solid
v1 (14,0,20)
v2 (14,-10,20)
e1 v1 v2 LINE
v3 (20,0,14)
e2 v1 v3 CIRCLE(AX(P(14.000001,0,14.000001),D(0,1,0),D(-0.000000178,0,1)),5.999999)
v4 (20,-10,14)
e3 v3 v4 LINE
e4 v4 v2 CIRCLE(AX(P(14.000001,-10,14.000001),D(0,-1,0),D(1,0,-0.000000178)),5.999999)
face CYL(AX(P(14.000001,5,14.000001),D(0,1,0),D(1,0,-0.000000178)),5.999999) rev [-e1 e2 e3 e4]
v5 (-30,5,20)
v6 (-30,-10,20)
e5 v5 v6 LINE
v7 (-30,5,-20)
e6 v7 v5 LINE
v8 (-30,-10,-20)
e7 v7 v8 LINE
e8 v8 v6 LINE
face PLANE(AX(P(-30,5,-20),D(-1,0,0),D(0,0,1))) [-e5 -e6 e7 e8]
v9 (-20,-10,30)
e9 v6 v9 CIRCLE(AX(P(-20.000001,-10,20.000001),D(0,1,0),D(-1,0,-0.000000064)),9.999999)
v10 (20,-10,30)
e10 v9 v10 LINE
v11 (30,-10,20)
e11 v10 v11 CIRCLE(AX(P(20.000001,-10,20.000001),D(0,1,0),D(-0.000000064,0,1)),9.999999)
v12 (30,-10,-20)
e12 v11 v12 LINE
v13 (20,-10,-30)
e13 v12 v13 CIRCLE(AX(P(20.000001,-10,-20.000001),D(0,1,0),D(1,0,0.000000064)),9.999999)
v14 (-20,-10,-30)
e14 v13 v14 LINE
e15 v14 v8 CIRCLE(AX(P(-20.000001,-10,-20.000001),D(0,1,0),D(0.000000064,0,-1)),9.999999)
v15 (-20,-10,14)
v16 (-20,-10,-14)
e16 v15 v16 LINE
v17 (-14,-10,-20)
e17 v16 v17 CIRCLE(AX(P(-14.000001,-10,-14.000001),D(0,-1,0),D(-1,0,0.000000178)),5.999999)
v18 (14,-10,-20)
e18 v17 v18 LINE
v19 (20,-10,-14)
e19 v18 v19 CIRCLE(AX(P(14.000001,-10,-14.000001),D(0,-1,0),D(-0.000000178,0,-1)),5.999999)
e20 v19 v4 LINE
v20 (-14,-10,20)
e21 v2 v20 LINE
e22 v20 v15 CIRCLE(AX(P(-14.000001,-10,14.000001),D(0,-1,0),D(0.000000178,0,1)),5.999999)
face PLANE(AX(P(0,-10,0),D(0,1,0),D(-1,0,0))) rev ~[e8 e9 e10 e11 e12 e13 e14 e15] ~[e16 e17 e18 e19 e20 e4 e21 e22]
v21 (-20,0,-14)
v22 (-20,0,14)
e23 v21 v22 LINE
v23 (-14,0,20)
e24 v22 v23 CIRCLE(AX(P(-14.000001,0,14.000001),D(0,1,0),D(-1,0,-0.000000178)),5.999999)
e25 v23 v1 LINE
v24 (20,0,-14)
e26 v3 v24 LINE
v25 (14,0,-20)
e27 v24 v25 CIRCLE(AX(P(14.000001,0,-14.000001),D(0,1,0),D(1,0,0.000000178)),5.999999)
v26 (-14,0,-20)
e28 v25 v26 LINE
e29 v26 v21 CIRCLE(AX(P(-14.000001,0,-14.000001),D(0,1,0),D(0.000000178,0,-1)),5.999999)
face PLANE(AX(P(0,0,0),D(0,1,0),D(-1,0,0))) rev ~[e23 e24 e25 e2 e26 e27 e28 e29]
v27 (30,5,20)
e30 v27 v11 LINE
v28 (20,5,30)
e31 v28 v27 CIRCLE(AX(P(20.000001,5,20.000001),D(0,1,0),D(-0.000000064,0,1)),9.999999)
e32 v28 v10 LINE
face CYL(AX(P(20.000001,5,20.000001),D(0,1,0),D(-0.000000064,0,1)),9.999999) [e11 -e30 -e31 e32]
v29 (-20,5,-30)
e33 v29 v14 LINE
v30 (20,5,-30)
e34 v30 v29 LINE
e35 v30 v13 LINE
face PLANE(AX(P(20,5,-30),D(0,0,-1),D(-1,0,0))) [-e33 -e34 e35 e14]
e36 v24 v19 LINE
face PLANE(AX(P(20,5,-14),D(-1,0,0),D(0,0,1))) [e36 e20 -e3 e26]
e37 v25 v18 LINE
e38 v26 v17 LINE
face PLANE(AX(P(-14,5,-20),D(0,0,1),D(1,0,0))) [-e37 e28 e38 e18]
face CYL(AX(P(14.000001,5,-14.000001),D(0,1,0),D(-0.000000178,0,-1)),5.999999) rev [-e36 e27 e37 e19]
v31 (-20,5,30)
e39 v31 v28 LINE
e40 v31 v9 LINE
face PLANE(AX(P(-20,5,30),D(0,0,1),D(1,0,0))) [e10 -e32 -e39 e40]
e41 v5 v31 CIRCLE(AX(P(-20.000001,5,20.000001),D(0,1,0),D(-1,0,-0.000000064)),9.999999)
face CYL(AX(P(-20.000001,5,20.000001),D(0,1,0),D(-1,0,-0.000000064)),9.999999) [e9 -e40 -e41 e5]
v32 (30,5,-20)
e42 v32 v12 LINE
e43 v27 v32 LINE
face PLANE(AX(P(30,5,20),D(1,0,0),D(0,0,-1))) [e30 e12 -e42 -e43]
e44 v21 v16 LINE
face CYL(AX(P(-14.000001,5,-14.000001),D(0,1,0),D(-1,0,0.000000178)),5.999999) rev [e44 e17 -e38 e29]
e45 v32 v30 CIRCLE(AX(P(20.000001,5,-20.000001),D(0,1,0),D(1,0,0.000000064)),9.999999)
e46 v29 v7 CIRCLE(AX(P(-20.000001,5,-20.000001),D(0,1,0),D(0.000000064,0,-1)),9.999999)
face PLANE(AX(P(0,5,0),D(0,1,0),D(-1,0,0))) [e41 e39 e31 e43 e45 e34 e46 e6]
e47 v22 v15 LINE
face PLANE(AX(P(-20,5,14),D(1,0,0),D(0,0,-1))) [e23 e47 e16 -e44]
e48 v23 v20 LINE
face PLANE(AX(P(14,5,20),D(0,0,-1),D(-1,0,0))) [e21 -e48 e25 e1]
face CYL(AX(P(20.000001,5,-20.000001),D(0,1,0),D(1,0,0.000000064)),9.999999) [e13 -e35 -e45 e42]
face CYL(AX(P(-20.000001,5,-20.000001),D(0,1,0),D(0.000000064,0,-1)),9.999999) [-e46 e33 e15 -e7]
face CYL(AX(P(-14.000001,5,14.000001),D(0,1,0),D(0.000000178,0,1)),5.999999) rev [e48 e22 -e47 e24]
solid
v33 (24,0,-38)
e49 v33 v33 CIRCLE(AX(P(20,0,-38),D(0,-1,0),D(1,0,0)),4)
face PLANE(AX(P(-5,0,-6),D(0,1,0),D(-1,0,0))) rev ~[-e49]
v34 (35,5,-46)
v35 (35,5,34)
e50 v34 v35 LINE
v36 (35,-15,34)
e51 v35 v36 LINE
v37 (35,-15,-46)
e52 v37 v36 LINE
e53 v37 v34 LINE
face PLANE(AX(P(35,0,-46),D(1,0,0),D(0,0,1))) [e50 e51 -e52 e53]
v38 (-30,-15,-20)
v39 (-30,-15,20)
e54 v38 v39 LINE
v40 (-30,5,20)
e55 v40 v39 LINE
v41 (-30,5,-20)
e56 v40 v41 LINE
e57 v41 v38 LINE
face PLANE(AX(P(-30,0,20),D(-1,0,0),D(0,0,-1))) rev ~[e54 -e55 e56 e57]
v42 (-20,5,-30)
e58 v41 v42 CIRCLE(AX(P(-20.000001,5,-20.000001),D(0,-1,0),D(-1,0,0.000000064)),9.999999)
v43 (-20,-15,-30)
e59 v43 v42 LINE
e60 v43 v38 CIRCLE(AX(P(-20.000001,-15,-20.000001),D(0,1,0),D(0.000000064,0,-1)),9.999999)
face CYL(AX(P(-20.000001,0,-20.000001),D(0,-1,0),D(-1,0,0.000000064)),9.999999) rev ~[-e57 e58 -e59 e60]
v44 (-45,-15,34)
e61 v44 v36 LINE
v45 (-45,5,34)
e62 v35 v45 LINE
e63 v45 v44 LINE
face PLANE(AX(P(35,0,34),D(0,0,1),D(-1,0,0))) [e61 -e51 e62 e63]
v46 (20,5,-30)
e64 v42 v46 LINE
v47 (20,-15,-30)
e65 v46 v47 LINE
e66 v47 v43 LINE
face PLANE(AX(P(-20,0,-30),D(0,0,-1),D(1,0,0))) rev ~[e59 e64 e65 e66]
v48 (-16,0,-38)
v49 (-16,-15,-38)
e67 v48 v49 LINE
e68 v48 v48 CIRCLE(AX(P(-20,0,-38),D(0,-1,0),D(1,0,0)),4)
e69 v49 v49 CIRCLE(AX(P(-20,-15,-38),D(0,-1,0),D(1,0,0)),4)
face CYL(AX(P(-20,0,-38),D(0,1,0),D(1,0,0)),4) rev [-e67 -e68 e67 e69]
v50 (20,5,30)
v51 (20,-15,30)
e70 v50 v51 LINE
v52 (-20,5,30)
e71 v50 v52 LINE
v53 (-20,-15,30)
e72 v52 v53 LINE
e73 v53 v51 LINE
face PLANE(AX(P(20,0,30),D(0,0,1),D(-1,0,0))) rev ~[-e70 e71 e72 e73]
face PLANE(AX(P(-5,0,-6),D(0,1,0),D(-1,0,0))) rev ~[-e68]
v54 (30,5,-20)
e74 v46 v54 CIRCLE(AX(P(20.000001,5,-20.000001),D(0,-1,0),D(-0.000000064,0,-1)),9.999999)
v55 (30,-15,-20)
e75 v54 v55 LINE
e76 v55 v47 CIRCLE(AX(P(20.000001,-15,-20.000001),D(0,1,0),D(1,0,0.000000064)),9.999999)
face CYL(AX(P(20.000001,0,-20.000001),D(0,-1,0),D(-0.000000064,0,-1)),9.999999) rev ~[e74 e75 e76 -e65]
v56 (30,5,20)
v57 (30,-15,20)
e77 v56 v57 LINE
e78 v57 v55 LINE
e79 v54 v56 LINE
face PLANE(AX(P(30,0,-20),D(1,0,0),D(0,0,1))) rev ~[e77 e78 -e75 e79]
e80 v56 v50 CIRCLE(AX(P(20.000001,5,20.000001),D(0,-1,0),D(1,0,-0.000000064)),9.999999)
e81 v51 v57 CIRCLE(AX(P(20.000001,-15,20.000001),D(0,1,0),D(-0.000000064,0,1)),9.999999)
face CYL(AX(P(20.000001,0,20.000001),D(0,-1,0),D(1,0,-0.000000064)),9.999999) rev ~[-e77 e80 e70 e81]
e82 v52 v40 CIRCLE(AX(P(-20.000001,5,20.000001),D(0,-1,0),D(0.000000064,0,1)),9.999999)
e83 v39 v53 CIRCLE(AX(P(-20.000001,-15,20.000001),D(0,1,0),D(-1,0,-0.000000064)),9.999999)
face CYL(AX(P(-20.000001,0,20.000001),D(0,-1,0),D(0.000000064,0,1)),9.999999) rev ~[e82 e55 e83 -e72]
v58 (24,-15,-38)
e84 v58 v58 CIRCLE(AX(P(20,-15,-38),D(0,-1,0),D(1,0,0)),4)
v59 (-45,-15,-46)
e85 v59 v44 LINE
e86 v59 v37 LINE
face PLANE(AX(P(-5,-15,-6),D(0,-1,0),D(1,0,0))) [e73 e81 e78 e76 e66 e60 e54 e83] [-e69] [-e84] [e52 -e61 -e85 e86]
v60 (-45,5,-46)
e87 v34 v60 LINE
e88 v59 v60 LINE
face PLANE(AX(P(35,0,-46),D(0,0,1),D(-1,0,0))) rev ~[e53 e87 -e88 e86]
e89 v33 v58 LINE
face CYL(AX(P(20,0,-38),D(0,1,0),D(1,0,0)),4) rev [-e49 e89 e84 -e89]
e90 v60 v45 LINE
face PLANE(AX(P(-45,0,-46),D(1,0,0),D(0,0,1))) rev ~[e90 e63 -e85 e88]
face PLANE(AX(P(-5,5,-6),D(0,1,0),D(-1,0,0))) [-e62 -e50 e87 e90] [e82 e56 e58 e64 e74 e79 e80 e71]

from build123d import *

# Parameters (mm, degrees)
F0_W     = 80
F0_H     = 80
F0_R     = 4
F1_DEPTH = 15
F2_W     = 80
F2_H     = 80
F3_DEPTH = 5
F5_DEPTH = 15
F7_DEPTH = 5


with BuildPart() as f1:
    # F0 (on Front) → F1 (new body)
    with BuildSketch(Plane.XZ):
        with Locations((-5, -6)):
            Rectangle(F0_W, F0_H)
        with Locations((-20, -38)):
            Circle(F0_R, mode=Mode.SUBTRACT)
        with Locations((20, -38)):
            Circle(F0_R, mode=Mode.SUBTRACT)
        with BuildLine():
            ThreePointArc((30, -20), (27.071068, -27.071068), (20, -30))
            Line((20, -30), (-20, -30))
            ThreePointArc((-20, -30), (-27.071068, -27.071068), (-30, -20))
            Line((-30, -20), (-30, 20))
            ThreePointArc((-30, 20), (-27.071068, 27.071068), (-20, 30))
            Line((-20, 30), (20, 30))
            ThreePointArc((20, 30), (27.071068, 27.071068), (30, 20))
            Line((30, 20), (30, -20))
        make_face(mode=Mode.SUBTRACT)
    extrude(amount=F1_DEPTH)

    # F2 (on face) → F3 (join)
    with BuildSketch(Plane(origin=(0, 0, 0), x_dir=(-1, 0, 0), z_dir=(0, 1, 0))):
        with Locations((5, -6)):
            Rectangle(F2_W, F2_H)
        with BuildLine():
            Line((20, -30), (-20, -30))
            ThreePointArc((-20, -30), (-27.071068, -27.071068), (-30, -20))
            Line((-30, -20), (-30, 20))
            ThreePointArc((-30, 20), (-27.071068, 27.071068), (-20, 30))
            Line((-20, 30), (20, 30))
            ThreePointArc((20, 30), (27.071068, 27.071068), (30, 20))
            Line((30, 20), (30, -20))
            ThreePointArc((30, -20), (27.071068, -27.071068), (20, -30))
        make_face(mode=Mode.SUBTRACT)
    extrude(amount=F3_DEPTH)


with BuildPart() as f5:
    # F4 (on face) → F5 (new body)
    with BuildSketch(Plane(origin=(0, 5, 0), x_dir=(-1, 0, 0), z_dir=(0, 1, 0))):
        with BuildLine():
            ThreePointArc((-30, -20), (-27.071068, -27.071068), (-20, -30))
            Line((-20, -30), (20, -30))
            ThreePointArc((20, -30), (27.071068, -27.071068), (30, -20))
            Line((30, -20), (30, 20))
            ThreePointArc((30, 20), (27.071068, 27.071068), (20, 30))
            Line((20, 30), (-20, 30))
            ThreePointArc((-20, 30), (-27.071068, 27.071068), (-30, 20))
            Line((-30, 20), (-30, -20))
        make_face()
        with BuildLine():
            Line((14, -20), (-14, -20))
            ThreePointArc((-14, -20), (-18.242641, -18.242641), (-20, -14))
            Line((-20, -14), (-20, 14))
            ThreePointArc((-20, 14), (-18.242641, 18.242641), (-14, 20))
            Line((-14, 20), (14, 20))
            ThreePointArc((14, 20), (18.242641, 18.242641), (20, 14))
            Line((20, 14), (20, -14))
            ThreePointArc((20, -14), (18.242641, -18.242641), (14, -20))
        make_face(mode=Mode.SUBTRACT)
    extrude(amount=-F5_DEPTH)

    # F6 (on face) → F7 (join)
    with BuildSketch(Plane(origin=(0, 5, 0), x_dir=(-1, 0, 0), z_dir=(0, 1, 0))):
        with BuildLine():
            ThreePointArc((-20, -14), (-18.242641, -18.242641), (-14, -20))
            Line((-14, -20), (14, -20))
            ThreePointArc((14, -20), (18.242641, -18.242641), (20, -14))
            Line((20, -14), (20, 14))
            ThreePointArc((20, 14), (18.242641, 18.242641), (14, 20))
            Line((14, 20), (-14, 20))
            ThreePointArc((-14, 20), (-18.242641, 18.242641), (-20, 14))
            Line((-20, 14), (-20, -14))
        make_face()
    extrude(amount=-F7_DEPTH)


solid = Compound([f1.part, f5.part])
